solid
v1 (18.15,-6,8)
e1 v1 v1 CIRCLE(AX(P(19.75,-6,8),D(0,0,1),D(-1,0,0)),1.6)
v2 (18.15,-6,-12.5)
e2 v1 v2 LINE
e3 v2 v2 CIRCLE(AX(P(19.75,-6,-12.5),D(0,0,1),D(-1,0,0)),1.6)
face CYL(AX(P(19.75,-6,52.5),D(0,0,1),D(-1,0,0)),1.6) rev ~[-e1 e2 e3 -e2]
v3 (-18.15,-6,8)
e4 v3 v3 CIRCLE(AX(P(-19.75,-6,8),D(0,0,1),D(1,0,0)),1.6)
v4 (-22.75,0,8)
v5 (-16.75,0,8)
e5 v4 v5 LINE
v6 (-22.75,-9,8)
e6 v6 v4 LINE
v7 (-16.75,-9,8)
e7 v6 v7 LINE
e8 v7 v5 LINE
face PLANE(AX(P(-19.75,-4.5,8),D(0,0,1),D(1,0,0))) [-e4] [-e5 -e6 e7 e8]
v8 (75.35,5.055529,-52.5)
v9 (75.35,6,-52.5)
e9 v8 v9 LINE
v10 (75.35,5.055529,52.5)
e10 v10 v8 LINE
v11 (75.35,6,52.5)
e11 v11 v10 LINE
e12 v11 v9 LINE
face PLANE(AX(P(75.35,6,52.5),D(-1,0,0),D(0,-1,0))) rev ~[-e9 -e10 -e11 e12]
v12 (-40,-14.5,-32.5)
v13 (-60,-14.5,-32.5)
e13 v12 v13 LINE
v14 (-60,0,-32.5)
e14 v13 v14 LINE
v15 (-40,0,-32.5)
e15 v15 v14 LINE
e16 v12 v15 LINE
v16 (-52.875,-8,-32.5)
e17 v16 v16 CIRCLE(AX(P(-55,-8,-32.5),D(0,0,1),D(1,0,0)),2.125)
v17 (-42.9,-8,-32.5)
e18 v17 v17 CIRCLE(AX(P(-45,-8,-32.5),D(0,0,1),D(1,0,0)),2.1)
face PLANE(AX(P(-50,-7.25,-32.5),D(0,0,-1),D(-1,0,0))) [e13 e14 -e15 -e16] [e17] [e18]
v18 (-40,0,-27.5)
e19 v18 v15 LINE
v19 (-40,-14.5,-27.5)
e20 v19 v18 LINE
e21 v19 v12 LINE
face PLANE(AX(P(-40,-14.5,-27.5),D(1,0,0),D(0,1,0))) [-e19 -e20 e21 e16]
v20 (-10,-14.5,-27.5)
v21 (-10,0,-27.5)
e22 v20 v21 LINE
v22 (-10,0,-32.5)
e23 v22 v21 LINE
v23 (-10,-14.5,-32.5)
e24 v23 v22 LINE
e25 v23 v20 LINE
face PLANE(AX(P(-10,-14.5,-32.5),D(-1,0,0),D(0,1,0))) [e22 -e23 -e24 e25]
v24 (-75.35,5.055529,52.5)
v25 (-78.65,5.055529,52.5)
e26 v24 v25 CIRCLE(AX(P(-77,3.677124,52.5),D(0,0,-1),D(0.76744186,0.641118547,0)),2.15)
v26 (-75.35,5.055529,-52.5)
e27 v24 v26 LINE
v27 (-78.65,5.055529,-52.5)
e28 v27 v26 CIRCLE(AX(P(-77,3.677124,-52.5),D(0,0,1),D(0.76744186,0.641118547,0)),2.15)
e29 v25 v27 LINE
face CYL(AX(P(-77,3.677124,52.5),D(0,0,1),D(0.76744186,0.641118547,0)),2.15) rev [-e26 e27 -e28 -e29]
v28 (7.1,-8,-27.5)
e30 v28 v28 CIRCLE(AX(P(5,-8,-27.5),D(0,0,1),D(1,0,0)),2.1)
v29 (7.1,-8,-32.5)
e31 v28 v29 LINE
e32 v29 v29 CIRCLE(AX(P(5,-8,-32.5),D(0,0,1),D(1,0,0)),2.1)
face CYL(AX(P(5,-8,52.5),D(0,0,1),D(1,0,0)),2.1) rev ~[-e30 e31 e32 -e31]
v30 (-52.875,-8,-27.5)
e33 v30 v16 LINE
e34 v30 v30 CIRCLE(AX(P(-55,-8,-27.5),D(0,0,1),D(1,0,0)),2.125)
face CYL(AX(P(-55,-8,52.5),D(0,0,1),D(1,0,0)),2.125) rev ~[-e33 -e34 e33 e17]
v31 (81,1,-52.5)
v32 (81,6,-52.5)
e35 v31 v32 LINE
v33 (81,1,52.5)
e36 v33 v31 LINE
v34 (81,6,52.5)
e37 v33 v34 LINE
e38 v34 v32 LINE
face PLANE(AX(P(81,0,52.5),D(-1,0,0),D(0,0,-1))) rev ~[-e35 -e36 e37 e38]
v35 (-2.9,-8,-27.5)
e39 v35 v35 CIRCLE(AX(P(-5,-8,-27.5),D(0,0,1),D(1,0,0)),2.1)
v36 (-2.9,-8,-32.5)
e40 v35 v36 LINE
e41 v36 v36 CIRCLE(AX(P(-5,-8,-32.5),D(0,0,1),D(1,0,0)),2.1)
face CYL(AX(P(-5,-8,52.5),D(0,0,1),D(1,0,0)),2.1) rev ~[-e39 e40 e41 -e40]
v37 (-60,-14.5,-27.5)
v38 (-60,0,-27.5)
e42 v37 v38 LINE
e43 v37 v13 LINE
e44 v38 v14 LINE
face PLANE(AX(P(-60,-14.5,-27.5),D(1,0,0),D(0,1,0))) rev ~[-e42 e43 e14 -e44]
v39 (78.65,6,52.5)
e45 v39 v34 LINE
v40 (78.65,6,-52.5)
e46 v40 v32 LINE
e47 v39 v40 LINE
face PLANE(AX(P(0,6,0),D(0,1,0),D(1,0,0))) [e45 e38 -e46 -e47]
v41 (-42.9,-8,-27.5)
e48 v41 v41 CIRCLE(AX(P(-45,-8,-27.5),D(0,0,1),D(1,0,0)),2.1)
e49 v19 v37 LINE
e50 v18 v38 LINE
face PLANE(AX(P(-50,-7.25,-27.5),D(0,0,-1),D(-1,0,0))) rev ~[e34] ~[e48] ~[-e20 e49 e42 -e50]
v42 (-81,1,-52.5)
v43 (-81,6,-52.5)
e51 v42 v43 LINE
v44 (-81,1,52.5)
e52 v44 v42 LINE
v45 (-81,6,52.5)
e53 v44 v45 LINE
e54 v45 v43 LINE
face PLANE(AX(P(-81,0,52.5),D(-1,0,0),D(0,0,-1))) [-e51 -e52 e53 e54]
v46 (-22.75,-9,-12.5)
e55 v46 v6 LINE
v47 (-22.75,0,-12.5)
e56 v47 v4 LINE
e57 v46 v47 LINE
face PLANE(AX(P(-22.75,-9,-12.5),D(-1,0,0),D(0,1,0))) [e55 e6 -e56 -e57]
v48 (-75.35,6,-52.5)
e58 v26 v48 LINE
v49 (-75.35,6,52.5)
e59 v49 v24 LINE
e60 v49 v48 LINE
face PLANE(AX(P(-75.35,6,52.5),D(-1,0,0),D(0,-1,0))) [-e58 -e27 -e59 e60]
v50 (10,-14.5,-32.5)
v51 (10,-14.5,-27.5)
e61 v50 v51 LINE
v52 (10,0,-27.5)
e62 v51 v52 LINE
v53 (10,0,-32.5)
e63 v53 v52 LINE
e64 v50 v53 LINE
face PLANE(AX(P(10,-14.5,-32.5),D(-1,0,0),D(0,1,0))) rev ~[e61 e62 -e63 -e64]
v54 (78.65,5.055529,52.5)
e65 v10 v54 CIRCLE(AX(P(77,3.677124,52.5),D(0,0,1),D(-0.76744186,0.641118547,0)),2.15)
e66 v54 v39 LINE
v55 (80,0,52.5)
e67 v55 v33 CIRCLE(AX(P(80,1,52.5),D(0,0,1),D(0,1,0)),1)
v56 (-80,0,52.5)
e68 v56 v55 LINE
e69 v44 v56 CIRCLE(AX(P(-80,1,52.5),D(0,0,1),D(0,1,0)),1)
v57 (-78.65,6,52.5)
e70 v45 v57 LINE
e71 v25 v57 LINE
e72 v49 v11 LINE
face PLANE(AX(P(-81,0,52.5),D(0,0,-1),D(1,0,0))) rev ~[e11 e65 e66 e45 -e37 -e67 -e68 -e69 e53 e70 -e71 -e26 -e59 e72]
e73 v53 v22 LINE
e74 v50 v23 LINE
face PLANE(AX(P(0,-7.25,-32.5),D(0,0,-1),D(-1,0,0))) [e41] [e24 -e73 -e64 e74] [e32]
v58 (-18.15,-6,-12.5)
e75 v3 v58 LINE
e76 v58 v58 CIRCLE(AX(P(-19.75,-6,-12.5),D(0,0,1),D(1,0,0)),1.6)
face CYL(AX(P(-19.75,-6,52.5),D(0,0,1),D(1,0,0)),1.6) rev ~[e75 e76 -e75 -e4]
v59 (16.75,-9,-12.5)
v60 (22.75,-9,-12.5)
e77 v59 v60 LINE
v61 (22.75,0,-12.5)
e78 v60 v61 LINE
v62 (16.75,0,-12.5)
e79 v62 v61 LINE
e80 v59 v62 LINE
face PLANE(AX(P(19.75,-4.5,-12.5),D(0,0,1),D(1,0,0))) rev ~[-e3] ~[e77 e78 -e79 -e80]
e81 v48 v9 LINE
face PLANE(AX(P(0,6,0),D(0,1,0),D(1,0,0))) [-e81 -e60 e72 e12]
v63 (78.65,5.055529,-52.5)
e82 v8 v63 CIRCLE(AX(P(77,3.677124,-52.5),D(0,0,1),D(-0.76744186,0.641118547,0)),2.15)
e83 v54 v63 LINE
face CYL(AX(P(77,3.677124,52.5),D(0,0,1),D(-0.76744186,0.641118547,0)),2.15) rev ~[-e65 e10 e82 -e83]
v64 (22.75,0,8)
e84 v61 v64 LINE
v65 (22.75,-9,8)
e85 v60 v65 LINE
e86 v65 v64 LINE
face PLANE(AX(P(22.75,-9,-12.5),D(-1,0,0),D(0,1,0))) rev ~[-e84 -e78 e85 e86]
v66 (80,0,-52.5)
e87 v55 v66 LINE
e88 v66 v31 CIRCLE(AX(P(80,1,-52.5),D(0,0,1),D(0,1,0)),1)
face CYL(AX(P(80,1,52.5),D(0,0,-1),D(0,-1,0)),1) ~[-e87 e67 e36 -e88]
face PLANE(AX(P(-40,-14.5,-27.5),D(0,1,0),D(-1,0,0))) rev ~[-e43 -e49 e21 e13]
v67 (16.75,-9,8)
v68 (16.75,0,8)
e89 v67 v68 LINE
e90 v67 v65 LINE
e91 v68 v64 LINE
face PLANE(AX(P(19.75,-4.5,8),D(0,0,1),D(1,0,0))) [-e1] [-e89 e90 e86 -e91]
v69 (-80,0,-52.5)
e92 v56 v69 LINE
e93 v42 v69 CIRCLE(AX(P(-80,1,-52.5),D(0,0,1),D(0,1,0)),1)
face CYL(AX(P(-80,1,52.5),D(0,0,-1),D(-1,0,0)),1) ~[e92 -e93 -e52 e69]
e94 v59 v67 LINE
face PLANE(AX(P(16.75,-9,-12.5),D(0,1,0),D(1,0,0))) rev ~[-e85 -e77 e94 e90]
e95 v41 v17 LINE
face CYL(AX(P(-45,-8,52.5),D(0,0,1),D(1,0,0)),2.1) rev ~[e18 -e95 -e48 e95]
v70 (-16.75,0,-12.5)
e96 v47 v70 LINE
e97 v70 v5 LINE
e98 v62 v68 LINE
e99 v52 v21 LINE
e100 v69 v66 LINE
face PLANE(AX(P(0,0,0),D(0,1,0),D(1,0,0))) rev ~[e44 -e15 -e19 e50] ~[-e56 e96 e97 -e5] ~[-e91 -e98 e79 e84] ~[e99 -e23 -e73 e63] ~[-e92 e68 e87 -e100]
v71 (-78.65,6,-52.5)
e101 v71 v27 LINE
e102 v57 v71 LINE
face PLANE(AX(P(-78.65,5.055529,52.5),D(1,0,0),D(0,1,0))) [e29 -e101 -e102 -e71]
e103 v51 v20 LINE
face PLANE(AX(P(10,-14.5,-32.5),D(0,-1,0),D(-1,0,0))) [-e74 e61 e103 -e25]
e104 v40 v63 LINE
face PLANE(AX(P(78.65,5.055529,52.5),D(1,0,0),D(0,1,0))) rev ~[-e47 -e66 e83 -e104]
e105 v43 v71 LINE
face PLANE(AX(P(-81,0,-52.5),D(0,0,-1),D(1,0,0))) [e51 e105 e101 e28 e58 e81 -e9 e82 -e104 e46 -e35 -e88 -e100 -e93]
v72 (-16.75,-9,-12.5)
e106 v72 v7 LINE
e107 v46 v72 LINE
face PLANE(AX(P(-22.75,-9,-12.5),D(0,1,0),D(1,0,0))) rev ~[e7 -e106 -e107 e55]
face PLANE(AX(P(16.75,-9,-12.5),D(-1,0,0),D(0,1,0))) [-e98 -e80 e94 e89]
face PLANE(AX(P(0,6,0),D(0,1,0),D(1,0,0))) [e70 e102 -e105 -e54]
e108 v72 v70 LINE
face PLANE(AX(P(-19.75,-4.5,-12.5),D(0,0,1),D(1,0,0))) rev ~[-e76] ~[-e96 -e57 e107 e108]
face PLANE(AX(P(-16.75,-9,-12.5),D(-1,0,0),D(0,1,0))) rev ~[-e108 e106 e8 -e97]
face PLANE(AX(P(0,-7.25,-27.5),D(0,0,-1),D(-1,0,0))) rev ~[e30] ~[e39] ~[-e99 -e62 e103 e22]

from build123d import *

# Parameters (mm, degrees)
SKETCH_1_W            = 162
SKETCH_1_H            = 105
EXTRUDE_1_DEPTH       = 6
CUT_EXTRUDE_1_DEPTH   = 133.747881339
FILLET_1_R            = 1
EXTRUDE_START         = -20
SKETCH_4_W            = 20
SKETCH_4_H            = 14.5
EXTRUDE_2_DEPTH       = 5
F_4_0MM_1_D           = 4
F_4_0MM_1_CSINK_D     = 4.05
F_4_0MM_1_CSINK_ANGLE = 90
EXTRUDE_START_2       = 15
SKETCH_7_W            = 6
SKETCH_7_H            = 9
EXTRUDE_3_DEPTH       = 20.5
SKETCH_8_R            = 1.5
CUT_EXTRUDE_2_DEPTH   = 103.13471496
CUT_EXTRUDE_3_DEPTH   = 134.402586182
EXTRUDE_START_3       = -5
SKETCH_10_W           = 20
SKETCH_10_H           = 14.5
SKETCH_10_R           = 2.025
SKETCH_10_R_2         = 2
EXTRUDE_4_DEPTH       = 5
SKETCH_12_R           = 2.1
SKETCH_12_R_2         = 2.125
SKETCH_12_R_3         = 1.6
CUT_EXTRUDE_4_DEPTH   = 134.402586182


with BuildPart() as part:
    # 草圖1 → 填料-伸長1 (new body)
    with BuildSketch(Plane(origin=(0, 0, 0), x_dir=(1, 0, 0), z_dir=(0, 1, 0))):
        Rectangle(SKETCH_1_W, SKETCH_1_H)
    extrude(amount=EXTRUDE_1_DEPTH)

    # 草圖3 → 除料-伸長1 (cut, through all)
    with BuildSketch(Plane.XY.offset(52.5)):
        with BuildLine():
            Line((75.5, 5), (75.5, 6))
            Line((75.5, 6), (78.5, 6))
            Line((78.5, 6), (78.5, 5))
            ThreePointArc((78.5, 5), (77, 1.677124344), (75.5, 5))
        make_face()
    cut_extrude_1 = extrude(amount=-CUT_EXTRUDE_1_DEPTH, mode=Mode.SUBTRACT)

    # 鏡射1: 除料-伸長1 across plane
    add(cut_extrude_1.mirror(Plane(origin=(0, 0, 0), x_dir=(0, 0, 1), z_dir=(1, 0, 0))), mode=Mode.SUBTRACT)

    # 圓角1
    fillet_1_edges = [part.edges().sort_by_distance(p)[0] for p in [
        (81, 0, 0),
        (-81, 0, 0),
    ]]
    fillet(fillet_1_edges, radius=FILLET_1_R)

    # 草圖4 → 填料-伸長2 (add)
    with BuildSketch(Plane(origin=(0, 0, -52.5), x_dir=(-1, 0, 0), z_dir=(0, 0, -1)).offset(EXTRUDE_START)):
        with Locations((0, -7.25)):
            Rectangle(SKETCH_4_W, SKETCH_4_H)
    extrude(amount=-EXTRUDE_2_DEPTH)

    # Ø4.0mm 定位孔1 (through all)
    with Locations(Plane(origin=(0, 0, -32.5), x_dir=(-1, 0, 0), z_dir=(0, 0, -1))):
        with Locations((5, -8), (-5, -8)):
            CounterSinkHole(F_4_0MM_1_D / 2, F_4_0MM_1_CSINK_D / 2, counter_sink_angle=F_4_0MM_1_CSINK_ANGLE)

    # 草圖7 → 填料-伸長3 (add)
    with BuildSketch(Plane.XY.offset(-27.5).offset(EXTRUDE_START_2)):
        with Locations((19.75, -4.5)):
            Rectangle(SKETCH_7_W, SKETCH_7_H)
        with Locations((-19.75, -4.5)):
            Rectangle(SKETCH_7_W, SKETCH_7_H)
    extrude(amount=EXTRUDE_3_DEPTH)

    # 草圖8 → 除料-伸長2 (cut, through all)
    with BuildSketch(Plane.XY.offset(8)):
        with Locations((-19.75, -6)):
            Circle(SKETCH_8_R)
        with Locations((19.75, -6)):
            Circle(SKETCH_8_R)
    extrude(amount=-CUT_EXTRUDE_2_DEPTH, mode=Mode.SUBTRACT)

    # 草圖9 → 除料-伸長3 (cut, through all)
    with BuildSketch(Plane.XY.offset(52.5)):
        with BuildLine():
            Line((-78.65, 6), (-75.35, 6))
            Line((-75.35, 6), (-75.35, 5.05552922))
            ThreePointArc((-75.35, 5.05552922), (-77, 1.527124344), (-78.65, 5.05552922))
            Line((-78.65, 5.05552922), (-78.65, 6))
        make_face()
        with BuildLine():
            Line((78.65, 5.05552922), (78.65, 6))
            Line((78.65, 6), (75.35, 6))
            Line((75.35, 6), (75.35, 5.05552922))
            ThreePointArc((75.35, 5.05552922), (77, 1.527124344), (78.65, 5.05552922))
        make_face()
    extrude(amount=-CUT_EXTRUDE_3_DEPTH, mode=Mode.SUBTRACT)

    # 草圖10 → 填料-伸長4 (add)
    # profile 1 of 2: a face of its own
    with BuildSketch(Plane(origin=(0, 0, -32.5), x_dir=(-1, 0, 0), z_dir=(0, 0, -1)).offset(EXTRUDE_START_3)):
        with Locations((0, -7.25)):
            Rectangle(SKETCH_10_W, SKETCH_10_H)
        with Locations((5, -8)):
            Circle(SKETCH_10_R, mode=Mode.SUBTRACT)
        with Locations((-5, -8)):
            Circle(SKETCH_10_R_2, mode=Mode.SUBTRACT)
    # profile 2 of 2: a face of its own
    with BuildSketch(Plane(origin=(0, 0, -32.5), x_dir=(-1, 0, 0), z_dir=(0, 0, -1)).offset(EXTRUDE_START_3)):
        with Locations((50, -7.25)):
            Rectangle(SKETCH_10_W, SKETCH_10_H)
        with Locations((55, -8)):
            Circle(SKETCH_10_R, mode=Mode.SUBTRACT)
        with Locations((45, -8)):
            Circle(SKETCH_10_R_2, mode=Mode.SUBTRACT)
    extrude(amount=EXTRUDE_4_DEPTH)

    # 草圖12 → 除料-伸長4 (cut, through all)
    with BuildSketch(Plane.XY.offset(52.5)):
        with Locations((-45, -8)):
            Circle(SKETCH_12_R)
        with Locations((-55, -8)):
            Circle(SKETCH_12_R_2)
        with Locations((-19.75, -6)):
            Circle(SKETCH_12_R_3)
        with Locations((-5, -8)):
            Circle(SKETCH_12_R)
        with Locations((5, -8)):
            Circle(SKETCH_12_R)
        with Locations(Location((19.75, -6, 0), (0, 0, 180))):
            Circle(SKETCH_12_R_3)
    extrude(amount=-CUT_EXTRUDE_4_DEPTH, mode=Mode.SUBTRACT)


solid = part.part
